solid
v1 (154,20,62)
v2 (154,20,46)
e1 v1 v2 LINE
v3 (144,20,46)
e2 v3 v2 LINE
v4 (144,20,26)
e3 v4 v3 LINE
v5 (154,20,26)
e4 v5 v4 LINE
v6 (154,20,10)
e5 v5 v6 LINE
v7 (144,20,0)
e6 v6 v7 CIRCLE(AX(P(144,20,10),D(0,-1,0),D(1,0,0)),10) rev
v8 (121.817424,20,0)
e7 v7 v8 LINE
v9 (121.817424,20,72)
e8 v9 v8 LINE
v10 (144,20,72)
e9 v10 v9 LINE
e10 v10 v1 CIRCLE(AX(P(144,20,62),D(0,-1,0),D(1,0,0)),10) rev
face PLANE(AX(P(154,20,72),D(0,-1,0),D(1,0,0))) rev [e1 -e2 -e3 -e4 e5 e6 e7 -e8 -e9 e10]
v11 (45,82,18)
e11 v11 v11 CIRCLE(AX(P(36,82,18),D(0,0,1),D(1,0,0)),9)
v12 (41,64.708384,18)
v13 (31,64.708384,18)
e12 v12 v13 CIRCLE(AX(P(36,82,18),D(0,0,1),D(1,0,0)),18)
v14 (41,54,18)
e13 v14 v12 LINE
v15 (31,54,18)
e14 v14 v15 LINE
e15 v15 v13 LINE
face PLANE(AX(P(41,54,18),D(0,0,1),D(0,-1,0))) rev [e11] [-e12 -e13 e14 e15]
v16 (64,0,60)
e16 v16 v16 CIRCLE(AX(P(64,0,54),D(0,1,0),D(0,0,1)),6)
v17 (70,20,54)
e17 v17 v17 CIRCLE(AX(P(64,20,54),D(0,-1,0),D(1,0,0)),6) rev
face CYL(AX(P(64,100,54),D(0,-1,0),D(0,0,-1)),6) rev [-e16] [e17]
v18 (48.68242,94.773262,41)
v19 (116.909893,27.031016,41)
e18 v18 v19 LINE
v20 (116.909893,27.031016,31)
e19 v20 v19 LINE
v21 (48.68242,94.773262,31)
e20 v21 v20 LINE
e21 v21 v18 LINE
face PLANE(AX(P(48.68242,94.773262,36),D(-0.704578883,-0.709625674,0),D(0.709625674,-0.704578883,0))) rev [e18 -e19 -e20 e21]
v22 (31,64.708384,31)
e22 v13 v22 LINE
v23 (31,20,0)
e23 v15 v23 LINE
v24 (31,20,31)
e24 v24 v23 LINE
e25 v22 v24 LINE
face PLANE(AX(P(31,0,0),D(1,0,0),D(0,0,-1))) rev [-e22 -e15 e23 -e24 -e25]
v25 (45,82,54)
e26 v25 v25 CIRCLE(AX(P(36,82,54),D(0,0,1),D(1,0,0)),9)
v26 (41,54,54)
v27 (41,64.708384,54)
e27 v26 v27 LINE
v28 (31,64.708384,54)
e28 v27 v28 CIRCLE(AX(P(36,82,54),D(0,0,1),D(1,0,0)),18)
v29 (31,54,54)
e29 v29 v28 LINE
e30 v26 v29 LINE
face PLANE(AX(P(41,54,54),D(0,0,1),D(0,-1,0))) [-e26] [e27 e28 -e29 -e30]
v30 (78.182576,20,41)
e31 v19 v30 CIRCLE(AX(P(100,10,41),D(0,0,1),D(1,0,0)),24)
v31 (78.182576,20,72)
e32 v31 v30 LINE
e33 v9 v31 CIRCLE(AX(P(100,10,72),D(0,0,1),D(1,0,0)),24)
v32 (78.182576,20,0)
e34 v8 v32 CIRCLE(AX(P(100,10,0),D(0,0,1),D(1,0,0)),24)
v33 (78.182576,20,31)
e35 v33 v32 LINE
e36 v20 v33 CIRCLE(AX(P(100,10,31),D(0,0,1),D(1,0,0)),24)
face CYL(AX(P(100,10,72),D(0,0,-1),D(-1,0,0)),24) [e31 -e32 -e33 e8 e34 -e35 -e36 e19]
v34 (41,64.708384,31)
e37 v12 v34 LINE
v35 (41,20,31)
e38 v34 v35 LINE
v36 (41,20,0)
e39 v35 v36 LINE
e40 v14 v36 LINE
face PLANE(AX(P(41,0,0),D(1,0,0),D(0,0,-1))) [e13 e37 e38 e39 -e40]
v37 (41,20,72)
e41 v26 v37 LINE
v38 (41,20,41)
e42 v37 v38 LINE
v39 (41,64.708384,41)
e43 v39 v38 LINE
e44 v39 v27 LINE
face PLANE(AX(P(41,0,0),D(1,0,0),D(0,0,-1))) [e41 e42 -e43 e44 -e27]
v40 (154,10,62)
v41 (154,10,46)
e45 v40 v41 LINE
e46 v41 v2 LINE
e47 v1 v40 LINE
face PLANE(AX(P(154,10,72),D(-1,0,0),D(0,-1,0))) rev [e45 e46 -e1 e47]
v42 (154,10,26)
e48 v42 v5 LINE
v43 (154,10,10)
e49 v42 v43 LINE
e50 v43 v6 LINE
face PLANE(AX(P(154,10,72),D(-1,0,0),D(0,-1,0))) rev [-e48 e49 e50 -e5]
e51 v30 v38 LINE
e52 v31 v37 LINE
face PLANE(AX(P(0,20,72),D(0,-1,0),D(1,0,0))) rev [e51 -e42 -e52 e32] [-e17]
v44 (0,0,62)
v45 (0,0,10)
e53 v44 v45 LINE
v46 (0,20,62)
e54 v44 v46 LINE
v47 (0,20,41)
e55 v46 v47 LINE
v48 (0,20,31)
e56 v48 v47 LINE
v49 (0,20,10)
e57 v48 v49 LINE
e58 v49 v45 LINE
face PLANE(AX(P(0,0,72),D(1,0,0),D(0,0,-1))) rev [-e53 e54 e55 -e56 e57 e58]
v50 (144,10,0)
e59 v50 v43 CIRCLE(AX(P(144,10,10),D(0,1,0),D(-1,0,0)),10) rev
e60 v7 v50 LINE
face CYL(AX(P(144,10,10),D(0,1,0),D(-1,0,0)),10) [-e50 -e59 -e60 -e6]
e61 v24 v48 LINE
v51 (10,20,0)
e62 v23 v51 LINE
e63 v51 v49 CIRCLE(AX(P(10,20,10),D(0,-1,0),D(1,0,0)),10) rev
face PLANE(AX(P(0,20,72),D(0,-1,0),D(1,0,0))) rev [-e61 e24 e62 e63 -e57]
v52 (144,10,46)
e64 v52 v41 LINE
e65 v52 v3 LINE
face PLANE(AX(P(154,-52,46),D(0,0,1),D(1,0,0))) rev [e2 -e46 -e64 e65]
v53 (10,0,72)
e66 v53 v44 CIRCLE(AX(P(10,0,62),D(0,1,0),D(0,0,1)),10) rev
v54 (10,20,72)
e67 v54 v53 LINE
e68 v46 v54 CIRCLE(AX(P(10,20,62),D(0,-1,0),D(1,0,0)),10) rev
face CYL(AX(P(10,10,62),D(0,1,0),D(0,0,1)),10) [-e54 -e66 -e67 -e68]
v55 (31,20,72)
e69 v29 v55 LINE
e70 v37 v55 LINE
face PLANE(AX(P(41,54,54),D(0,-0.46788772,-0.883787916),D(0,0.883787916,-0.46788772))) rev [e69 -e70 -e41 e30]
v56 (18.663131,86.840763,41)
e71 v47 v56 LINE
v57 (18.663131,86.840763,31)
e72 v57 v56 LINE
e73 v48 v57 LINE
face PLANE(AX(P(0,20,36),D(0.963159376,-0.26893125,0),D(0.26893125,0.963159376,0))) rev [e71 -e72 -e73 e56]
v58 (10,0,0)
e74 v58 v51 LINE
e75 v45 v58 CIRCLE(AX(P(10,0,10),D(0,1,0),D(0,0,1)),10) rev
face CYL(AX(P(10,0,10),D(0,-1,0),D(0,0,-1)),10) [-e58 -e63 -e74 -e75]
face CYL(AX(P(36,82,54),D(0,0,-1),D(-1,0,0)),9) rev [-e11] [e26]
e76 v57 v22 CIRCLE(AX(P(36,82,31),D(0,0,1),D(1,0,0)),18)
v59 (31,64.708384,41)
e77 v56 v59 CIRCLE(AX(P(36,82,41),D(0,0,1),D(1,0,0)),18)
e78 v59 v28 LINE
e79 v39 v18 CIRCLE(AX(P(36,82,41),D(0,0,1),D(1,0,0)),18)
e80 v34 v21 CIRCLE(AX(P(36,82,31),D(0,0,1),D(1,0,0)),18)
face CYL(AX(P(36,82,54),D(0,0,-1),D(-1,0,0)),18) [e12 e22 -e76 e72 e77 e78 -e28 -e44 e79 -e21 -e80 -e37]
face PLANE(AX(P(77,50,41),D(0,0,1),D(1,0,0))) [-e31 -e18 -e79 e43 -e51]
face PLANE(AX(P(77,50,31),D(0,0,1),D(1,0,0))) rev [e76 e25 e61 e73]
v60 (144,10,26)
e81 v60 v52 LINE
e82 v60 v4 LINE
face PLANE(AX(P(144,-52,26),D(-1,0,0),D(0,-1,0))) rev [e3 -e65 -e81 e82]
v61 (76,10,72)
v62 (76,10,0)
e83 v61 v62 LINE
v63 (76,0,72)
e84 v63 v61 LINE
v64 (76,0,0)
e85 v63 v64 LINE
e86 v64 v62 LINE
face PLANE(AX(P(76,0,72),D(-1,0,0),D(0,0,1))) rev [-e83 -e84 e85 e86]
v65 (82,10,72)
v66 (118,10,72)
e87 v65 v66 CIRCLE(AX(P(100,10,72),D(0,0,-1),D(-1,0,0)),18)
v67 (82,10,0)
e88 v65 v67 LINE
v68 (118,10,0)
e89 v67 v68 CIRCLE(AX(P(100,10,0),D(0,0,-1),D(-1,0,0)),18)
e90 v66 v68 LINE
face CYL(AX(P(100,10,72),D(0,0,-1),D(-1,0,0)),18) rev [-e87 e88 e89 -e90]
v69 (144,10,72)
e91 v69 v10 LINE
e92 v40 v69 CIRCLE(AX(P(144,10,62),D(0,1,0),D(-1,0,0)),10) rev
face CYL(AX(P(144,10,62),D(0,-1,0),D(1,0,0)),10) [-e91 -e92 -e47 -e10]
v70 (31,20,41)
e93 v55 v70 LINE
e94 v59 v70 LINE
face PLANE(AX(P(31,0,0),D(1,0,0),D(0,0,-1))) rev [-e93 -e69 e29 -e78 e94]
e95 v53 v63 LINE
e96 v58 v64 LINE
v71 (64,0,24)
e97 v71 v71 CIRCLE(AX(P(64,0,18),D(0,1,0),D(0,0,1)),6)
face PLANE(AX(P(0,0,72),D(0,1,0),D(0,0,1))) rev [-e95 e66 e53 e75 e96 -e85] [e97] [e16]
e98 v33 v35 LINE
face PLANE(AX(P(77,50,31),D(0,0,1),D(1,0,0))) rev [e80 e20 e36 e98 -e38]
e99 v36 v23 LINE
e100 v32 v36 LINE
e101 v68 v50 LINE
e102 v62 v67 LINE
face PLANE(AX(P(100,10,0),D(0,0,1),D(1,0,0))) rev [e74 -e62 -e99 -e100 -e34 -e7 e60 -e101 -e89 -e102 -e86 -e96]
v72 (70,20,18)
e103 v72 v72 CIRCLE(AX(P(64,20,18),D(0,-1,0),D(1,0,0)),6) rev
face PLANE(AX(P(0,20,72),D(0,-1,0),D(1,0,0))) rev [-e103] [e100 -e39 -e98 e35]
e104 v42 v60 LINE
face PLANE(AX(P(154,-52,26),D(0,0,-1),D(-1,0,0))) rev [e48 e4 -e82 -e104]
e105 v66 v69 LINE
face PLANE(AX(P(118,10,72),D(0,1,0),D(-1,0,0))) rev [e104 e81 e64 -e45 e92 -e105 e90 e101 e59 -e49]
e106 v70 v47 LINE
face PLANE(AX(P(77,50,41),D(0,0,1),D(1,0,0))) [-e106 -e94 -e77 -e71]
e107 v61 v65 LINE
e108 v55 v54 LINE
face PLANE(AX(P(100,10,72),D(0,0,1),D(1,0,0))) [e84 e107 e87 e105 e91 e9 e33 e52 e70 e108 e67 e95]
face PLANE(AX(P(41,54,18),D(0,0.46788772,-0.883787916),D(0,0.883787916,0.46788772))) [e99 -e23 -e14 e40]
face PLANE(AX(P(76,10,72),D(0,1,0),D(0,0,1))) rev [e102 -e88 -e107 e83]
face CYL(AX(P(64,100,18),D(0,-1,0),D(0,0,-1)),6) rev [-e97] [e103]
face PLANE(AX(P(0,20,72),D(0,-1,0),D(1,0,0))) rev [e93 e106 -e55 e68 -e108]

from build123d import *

# Parameters (mm, degrees)
BOSS_EXTRUDE1_DEPTH = 72
FILLET1_R           = 10
SKETCH2_W           = 10
SKETCH2_H           = 20
CUT_EXTRUDE1_DEPTH  = 72
SKETCH3_R           = 18
SKETCH3_R_2         = 9
BOSS_EXTRUDE2_DEPTH = 18
BOSS_EXTRUDE4_DEPTH = 5
RIB20_REACH         = 189.115
SKETCH6_WALL_W      = 472.375598612
SKETCH6_WALL_H      = 10
RIB21_REACH         = 189.115
SKETCH7_WALL_W      = 445.62728217
SKETCH7_WALL_H      = 10
SKETCH8_R           = 6
CUT_EXTRUDE2_DEPTH  = 100


with BuildPart() as part:
    # Sketch1 → Boss-Extrude1 (new body)
    with BuildSketch(Plane.XY):
        with BuildLine():
            Line((76, 0), (76, 10))
            Line((76, 10), (82, 10))
            ThreePointArc((82, 10), (100, 28), (118, 10))
            Line((118, 10), (154, 10))
            Line((154, 10), (154, 20))
            Line((154, 20), (121.817424229, 20))
            ThreePointArc((121.817424229, 20), (100, 34), (78.182575771, 20))
            Line((78.182575771, 20), (0, 20))
            Line((0, 20), (0, 0))
            Line((0, 0), (76, 0))
        make_face()
    extrude(amount=BOSS_EXTRUDE1_DEPTH)

    # Fillet1
    fillet1_edges = [part.edges().sort_by_distance(p)[0] for p in [
        (154, 15, 0),
        (0, 10, 0),
        (154, 15, 72),
        (0, 10, 72),
    ]]
    fillet(fillet1_edges, radius=FILLET1_R)

    # Sketch2 → Cut-Extrude1 (cut)
    with BuildSketch(Plane(origin=(0, 20, 0), x_dir=(1, 0, 0), z_dir=(0, 1, 0))):
        with Locations((149, -36)):
            Rectangle(SKETCH2_W, SKETCH2_H)
    extrude(amount=-CUT_EXTRUDE1_DEPTH, mode=Mode.SUBTRACT)



with BuildPart() as body_2:
    # Sketch3 → Boss-Extrude2 (new, symmetric)
    with BuildSketch(Plane.XY.offset(36)):
        with Locations((36, 82)):
            Circle(SKETCH3_R)
        with Locations((36, 82)):
            Circle(SKETCH3_R_2, mode=Mode.SUBTRACT)
    extrude(amount=BOSS_EXTRUDE2_DEPTH, both=True)


with BuildPart() as part_1:
    add(part.part)

    add(body_2.part)  # Boss-Extrude4 merges body 2
    # Sketch4 → Boss-Extrude4 (add, symmetric)
    with BuildSketch(Plane(origin=(36, 0, 0), x_dir=(0, 0, -1), z_dir=(1, 0, 0))):
        Polygon((-54, 54), (-54, 70.710811109), (-18, 70.710811109), (-18, 54), (0, 20), (-72, 20), align=None)
    extrude(amount=BOSS_EXTRUDE4_DEPTH, both=True)

    # Sketch6 wall → Rib20 (add, up to next)
    with BuildSketch(Plane(origin=(82.796156549, 60.902139154, 36), x_dir=(0.709625674032, -0.704578883273, 0), z_dir=(0.704578883273, 0.709625674032, 0)), mode=Mode.PRIVATE) as rib20_sk1:
        Rectangle(SKETCH6_WALL_W, SKETCH6_WALL_H)
    rib20_tool1 = extrude(rib20_sk1.sketch, amount=-RIB20_REACH, mode=Mode.PRIVATE) - part_1.part
    add(rib20_tool1.solids().sort_by_distance((82.796156549, 60.902139154, 36))[0])

    # Sketch7 wall → Rib21 (add, up to next)
    with BuildSketch(Plane(origin=(9.33156562, 53.420381253, 36), x_dir=(0.268931250293, 0.963159375501, 0), z_dir=(-0.963159375501, 0.268931250293, 0)), mode=Mode.PRIVATE) as rib21_sk1:
        Rectangle(SKETCH7_WALL_W, SKETCH7_WALL_H)
    rib21_tool1 = extrude(rib21_sk1.sketch, amount=-RIB21_REACH, mode=Mode.PRIVATE) - part_1.part
    add(rib21_tool1.solids().sort_by_distance((9.33156562, 53.420381253, 36))[0])

    # Sketch8 → Cut-Extrude2 (cut)
    with BuildSketch(Plane(origin=(0, 0, 0), x_dir=(1, 0, 0), z_dir=(0, 1, 0))):
        with Locations((64, -18)):
            Circle(SKETCH8_R)
        with Locations((64, -54)):
            Circle(SKETCH8_R)
    extrude(amount=CUT_EXTRUDE2_DEPTH, mode=Mode.SUBTRACT)


solid = part_1.part
